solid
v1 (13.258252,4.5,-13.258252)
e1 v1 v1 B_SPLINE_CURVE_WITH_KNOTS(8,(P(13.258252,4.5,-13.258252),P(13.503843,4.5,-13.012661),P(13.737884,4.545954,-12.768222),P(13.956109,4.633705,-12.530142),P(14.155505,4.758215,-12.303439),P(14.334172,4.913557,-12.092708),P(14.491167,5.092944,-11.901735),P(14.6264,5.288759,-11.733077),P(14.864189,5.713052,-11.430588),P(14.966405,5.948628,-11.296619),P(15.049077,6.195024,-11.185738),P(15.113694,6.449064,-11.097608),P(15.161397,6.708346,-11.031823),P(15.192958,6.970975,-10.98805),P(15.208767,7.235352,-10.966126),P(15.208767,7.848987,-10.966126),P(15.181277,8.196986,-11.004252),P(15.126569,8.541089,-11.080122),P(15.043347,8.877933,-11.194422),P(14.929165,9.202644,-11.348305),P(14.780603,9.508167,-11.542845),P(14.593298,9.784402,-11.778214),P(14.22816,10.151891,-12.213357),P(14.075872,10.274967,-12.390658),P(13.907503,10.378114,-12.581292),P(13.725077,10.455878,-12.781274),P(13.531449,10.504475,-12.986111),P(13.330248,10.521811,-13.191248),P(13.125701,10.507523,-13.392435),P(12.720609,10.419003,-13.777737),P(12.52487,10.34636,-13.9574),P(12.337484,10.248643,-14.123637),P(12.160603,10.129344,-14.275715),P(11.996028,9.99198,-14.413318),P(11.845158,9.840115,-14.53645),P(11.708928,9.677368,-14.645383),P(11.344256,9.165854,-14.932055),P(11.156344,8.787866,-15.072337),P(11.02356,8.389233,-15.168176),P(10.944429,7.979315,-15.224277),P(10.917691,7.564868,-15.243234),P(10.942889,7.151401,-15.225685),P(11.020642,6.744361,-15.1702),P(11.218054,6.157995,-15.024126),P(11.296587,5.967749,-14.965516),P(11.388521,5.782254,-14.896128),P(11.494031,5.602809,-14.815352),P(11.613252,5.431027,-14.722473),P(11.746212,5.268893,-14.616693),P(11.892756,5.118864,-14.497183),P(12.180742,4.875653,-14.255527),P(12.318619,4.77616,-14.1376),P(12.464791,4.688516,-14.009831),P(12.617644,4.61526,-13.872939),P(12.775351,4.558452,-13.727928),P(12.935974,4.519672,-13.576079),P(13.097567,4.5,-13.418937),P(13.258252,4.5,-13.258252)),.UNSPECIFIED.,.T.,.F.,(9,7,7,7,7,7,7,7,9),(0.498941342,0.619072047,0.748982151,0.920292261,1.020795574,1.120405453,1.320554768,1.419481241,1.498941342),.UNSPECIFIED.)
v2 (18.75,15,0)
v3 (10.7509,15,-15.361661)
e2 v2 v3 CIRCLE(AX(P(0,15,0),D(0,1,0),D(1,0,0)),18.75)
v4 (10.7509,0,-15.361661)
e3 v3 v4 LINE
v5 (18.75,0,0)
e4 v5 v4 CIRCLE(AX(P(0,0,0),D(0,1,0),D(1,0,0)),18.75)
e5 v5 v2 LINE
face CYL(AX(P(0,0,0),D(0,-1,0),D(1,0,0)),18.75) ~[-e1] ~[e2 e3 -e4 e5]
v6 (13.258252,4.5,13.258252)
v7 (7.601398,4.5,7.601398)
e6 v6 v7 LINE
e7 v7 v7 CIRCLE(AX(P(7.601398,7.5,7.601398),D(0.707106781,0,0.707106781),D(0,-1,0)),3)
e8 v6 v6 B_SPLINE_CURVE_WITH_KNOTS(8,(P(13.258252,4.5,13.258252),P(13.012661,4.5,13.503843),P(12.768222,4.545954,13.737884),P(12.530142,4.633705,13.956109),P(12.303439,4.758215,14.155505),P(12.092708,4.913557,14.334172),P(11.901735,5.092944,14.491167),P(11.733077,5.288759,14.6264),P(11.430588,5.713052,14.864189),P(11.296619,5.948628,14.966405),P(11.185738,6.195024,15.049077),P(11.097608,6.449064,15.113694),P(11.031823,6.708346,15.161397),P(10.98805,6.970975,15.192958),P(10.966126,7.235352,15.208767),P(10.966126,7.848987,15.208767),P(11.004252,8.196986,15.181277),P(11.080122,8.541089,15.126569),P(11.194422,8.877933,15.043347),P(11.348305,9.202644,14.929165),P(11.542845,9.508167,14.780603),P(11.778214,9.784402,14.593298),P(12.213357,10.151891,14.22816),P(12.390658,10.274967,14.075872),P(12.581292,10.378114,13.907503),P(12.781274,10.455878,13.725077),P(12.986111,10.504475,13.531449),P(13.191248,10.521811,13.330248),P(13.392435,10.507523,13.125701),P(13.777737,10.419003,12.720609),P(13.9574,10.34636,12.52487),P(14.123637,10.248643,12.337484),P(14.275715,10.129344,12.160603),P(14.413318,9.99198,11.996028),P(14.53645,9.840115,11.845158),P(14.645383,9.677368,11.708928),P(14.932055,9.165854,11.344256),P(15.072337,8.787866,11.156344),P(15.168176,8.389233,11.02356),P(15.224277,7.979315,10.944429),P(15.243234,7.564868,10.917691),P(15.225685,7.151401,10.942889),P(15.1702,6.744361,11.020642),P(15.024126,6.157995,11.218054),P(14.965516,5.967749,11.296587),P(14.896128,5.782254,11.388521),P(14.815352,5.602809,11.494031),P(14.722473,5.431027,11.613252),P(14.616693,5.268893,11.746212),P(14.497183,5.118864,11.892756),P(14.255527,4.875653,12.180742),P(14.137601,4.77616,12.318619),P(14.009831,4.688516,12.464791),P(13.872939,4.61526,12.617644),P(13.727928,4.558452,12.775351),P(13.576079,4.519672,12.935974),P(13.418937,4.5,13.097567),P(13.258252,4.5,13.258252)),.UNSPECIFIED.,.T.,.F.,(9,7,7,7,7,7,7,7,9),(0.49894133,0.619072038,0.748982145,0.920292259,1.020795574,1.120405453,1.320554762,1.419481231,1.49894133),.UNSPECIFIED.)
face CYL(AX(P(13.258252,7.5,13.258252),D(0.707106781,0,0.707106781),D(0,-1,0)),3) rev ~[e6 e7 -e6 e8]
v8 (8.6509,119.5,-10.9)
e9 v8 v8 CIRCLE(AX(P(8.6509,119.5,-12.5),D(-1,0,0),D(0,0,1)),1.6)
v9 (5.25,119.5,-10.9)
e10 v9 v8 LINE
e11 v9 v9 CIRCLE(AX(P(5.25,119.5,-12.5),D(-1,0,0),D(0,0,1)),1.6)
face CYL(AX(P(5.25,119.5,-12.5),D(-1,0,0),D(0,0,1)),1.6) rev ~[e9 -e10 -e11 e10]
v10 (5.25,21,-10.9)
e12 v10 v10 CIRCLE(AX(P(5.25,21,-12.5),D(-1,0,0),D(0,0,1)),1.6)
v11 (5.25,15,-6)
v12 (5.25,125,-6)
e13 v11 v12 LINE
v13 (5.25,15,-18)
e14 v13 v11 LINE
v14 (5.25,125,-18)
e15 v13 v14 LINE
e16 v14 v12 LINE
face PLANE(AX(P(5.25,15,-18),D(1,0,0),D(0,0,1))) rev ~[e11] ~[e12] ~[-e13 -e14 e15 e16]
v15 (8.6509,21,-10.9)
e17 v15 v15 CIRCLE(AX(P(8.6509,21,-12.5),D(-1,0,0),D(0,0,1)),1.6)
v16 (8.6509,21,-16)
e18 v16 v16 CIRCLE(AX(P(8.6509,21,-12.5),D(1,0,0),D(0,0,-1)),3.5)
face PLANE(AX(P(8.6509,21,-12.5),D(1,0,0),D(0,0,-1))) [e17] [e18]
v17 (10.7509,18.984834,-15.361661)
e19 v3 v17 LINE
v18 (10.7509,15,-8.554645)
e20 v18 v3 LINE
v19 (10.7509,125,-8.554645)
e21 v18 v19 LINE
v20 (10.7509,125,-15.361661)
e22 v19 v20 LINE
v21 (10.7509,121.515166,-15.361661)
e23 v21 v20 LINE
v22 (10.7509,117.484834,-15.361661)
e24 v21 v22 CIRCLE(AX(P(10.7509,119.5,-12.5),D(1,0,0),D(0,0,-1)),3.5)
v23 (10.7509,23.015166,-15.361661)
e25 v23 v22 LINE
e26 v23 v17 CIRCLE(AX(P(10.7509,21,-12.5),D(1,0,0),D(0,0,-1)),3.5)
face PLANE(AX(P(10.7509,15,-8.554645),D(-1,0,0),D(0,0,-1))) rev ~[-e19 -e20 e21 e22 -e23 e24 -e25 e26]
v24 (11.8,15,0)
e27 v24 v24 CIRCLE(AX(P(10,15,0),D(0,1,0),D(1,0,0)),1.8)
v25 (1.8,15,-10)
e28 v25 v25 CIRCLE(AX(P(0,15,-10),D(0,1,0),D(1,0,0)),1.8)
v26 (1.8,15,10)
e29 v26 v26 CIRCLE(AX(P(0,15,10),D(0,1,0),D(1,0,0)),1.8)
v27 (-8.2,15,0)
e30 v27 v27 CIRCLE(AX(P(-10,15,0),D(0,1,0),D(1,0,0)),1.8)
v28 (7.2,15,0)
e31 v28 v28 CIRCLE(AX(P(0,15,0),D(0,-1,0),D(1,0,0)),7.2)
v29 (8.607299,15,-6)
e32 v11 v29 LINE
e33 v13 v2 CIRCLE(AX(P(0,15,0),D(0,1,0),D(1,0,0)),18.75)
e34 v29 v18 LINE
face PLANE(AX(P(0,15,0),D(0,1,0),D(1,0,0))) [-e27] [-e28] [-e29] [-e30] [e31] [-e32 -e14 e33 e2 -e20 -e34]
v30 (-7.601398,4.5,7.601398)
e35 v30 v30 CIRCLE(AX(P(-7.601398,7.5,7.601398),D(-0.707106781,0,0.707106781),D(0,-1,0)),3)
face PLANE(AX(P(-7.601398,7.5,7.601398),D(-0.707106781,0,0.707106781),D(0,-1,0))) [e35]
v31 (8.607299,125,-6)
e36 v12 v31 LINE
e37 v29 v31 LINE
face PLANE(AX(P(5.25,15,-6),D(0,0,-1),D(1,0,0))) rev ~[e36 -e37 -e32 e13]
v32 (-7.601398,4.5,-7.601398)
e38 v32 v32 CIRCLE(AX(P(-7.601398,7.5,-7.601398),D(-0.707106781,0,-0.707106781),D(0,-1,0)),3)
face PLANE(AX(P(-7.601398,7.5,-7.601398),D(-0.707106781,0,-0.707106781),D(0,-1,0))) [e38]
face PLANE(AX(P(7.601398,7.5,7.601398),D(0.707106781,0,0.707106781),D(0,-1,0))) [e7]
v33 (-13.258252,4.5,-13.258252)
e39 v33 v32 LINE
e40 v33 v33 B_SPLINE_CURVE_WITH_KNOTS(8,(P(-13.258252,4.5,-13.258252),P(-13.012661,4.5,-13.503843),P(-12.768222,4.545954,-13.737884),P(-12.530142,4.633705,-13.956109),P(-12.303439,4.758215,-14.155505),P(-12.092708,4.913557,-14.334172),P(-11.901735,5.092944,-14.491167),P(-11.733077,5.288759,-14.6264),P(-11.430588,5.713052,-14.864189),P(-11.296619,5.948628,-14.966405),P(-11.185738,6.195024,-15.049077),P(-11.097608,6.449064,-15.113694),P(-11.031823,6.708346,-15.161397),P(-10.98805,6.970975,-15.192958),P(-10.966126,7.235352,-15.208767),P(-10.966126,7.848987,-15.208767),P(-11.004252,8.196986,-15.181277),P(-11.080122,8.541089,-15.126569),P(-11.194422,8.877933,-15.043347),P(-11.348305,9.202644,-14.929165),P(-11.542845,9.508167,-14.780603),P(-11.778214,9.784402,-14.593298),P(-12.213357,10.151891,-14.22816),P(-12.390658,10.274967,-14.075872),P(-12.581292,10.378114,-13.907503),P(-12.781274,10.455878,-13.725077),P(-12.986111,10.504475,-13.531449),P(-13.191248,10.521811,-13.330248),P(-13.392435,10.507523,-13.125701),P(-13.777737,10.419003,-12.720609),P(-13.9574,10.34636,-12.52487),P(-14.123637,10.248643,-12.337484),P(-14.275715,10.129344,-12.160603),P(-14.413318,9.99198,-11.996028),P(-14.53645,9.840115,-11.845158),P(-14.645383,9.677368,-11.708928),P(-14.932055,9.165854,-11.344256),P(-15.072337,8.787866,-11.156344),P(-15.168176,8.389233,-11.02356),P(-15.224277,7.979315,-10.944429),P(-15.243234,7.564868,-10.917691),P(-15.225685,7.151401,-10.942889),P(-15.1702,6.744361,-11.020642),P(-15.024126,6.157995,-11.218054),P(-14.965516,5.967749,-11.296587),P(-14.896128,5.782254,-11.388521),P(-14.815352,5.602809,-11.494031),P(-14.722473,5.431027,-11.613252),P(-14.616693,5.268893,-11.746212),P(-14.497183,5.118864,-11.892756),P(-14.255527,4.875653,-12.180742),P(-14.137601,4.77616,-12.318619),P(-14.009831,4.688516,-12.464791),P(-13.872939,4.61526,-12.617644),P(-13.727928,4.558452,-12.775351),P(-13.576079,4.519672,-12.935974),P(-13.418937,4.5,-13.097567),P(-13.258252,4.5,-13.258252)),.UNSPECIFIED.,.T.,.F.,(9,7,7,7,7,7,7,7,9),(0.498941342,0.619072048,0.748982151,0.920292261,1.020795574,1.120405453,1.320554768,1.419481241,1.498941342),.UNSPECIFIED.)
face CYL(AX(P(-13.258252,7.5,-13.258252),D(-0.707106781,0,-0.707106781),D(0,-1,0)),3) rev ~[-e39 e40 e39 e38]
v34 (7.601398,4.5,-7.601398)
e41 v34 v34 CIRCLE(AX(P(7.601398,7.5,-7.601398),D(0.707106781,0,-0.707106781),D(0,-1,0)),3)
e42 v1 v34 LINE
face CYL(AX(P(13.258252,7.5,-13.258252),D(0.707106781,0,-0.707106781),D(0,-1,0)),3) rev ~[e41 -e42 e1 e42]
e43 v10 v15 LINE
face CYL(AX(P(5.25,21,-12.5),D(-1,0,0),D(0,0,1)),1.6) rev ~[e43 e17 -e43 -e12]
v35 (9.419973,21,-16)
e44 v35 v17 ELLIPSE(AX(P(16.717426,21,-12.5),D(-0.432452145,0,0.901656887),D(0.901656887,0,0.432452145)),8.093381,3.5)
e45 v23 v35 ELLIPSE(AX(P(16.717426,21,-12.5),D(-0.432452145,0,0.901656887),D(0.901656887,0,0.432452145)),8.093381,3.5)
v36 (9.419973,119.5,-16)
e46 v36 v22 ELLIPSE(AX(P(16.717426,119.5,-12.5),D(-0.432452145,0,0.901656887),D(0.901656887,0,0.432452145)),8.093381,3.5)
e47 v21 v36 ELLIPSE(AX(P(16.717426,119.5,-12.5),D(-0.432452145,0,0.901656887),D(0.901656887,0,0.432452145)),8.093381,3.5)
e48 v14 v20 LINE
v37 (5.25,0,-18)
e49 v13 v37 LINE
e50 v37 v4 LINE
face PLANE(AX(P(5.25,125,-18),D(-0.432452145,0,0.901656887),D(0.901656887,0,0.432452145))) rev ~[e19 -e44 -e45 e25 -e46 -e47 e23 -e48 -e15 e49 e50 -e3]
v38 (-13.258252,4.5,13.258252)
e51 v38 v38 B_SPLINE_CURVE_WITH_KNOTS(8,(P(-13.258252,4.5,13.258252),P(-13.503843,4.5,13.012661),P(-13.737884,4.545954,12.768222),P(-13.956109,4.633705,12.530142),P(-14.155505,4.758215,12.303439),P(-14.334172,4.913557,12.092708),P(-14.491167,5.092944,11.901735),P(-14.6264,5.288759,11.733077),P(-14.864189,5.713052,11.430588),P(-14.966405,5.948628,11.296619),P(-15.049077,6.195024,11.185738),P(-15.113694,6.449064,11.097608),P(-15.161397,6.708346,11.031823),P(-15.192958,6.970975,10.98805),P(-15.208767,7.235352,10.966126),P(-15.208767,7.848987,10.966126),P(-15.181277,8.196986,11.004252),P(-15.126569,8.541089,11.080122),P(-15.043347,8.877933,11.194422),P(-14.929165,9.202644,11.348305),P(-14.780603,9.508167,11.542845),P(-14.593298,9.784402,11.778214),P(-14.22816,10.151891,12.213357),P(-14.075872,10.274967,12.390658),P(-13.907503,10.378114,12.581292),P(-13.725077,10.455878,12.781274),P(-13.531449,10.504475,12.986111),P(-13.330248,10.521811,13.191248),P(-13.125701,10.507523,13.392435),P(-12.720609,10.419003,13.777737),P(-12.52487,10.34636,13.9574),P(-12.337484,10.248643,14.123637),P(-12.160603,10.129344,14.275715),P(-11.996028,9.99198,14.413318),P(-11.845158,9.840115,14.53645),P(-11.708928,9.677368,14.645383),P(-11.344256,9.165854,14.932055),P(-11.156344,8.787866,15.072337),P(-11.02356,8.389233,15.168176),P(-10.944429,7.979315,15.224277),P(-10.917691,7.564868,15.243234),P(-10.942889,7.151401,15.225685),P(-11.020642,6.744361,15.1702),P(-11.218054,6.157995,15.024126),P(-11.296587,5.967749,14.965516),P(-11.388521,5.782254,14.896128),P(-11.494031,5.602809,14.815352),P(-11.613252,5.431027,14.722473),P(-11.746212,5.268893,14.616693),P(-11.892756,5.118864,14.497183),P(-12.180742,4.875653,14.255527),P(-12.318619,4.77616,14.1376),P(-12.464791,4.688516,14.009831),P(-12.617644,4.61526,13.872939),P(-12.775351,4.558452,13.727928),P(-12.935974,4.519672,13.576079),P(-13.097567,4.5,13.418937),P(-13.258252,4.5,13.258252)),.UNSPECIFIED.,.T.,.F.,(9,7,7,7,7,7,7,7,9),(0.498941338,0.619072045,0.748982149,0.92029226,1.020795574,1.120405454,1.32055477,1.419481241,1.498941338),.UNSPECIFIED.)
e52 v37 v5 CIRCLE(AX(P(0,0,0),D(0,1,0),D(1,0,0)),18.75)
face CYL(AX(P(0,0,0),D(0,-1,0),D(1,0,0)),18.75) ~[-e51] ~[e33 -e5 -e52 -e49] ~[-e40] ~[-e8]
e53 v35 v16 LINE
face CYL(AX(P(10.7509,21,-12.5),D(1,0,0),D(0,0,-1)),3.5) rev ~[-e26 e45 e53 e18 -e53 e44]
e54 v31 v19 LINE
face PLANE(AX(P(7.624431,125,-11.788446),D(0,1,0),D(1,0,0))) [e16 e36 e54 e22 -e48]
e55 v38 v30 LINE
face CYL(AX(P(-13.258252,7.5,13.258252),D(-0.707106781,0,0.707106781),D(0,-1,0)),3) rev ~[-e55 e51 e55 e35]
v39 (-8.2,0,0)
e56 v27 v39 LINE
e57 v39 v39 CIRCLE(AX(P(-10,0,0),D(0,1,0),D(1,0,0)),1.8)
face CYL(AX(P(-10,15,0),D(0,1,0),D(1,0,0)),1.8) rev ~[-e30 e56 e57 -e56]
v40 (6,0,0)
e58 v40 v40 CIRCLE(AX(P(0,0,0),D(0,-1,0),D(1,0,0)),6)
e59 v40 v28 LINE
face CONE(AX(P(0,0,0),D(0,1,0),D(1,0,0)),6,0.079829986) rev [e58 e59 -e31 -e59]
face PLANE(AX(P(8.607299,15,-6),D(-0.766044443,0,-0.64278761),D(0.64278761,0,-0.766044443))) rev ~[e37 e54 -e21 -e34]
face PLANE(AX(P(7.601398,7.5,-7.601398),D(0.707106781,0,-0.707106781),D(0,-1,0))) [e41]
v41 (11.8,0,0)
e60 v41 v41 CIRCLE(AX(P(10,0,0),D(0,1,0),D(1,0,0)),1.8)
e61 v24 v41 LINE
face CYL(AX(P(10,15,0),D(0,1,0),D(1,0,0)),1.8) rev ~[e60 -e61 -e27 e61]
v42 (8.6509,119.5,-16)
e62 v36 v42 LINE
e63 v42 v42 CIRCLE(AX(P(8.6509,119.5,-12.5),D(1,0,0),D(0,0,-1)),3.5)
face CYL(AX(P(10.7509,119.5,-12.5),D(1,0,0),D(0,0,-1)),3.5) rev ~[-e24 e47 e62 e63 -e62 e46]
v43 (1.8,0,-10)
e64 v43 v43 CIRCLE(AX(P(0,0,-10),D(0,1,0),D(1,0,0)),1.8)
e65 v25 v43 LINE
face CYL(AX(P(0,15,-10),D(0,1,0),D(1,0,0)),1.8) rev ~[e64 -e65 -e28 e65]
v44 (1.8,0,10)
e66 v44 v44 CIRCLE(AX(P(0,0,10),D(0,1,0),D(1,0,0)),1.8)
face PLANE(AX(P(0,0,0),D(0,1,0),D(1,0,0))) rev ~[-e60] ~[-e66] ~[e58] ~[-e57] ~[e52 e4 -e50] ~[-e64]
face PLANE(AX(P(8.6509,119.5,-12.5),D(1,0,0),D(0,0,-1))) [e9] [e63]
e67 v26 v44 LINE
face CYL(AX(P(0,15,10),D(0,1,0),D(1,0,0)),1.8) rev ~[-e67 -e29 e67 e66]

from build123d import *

# Parameters (mm, degrees)
SKIZZE1_R                        = 18.75
AUFSATZ_LINEAR_AUSTRAGEN1_DEPTH  = 15
SKIZZE2_R                        = 1.8
SKIZZE2_R_2                      = 1.65
SCHNITT_LINEAR_AUSTRAGEN1_DEPTH  = 16
AUFSATZ_LINEAR_AUSTRAGEN2_DEPTH  = 110
SKIZZE10_R                       = 3
SCHNITT_LINEAR_AUSTRAGEN5_DEPTH  = 8
KREISMUSTER1_COUNT               = 4
SKIZZE11_R                       = 1.6
SCHNITT_LINEAR_AUSTRAGEN6_DEPTH  = 14.5000001
SKIZZE16_R                       = 3.5
SCHNITT_LINEAR_AUSTRAGEN10_DEPTH = 2.1
SCHNITT_LINEAR_AUSTRAGEN11_DEPTH = 126.0000001


with BuildPart() as part:
    # Skizze1 → Aufsatz-Linear austragen1 (new body)
    with BuildSketch(Plane(origin=(0, 0, 0), x_dir=(1, 0, 0), z_dir=(0, 1, 0))):
        Circle(SKIZZE1_R)
    extrude(amount=AUFSATZ_LINEAR_AUSTRAGEN1_DEPTH)

    # Skizze2 → Schnitt-Linear austragen1 (cut, through all)
    with BuildSketch(Plane(origin=(0, 15, 0), x_dir=(1, 0, 0), z_dir=(0, 1, 0))):
        with Locations((0, 10)):
            Circle(SKIZZE2_R)
        with Locations((10, 0)):
            Circle(SKIZZE2_R)
        with Locations((0, -10)):
            Circle(SKIZZE2_R)
        with Locations((-10, 0)):
            Circle(SKIZZE2_R)
        Circle(SKIZZE2_R_2)
    extrude(amount=-SCHNITT_LINEAR_AUSTRAGEN1_DEPTH, mode=Mode.SUBTRACT)

    # Skizze4 → Aufsatz-Linear austragen2 (add)
    with BuildSketch(Plane(origin=(0, 15, 0), x_dir=(1, 0, 0), z_dir=(0, 1, 0))):
        with BuildLine():
            Line((5.25, 17), (5.25, 6))
            Line((5.25, 6), (8.607298894, 6))
            Line((8.607298894, 6), (10.750900369, 8.554644759))
            Line((10.750900369, 8.554644759), (10.750900369, 15.361661409))
            ThreePointArc((10.750900369, 15.361661409), (8.108477711, 16.906066639), (5.25, 18))
            Line((5.25, 18), (5.25, 17))
        make_face()
    extrude(amount=AUFSATZ_LINEAR_AUSTRAGEN2_DEPTH)

    # Skizze10 → Schnitt-Linear austragen5 (cut)
    with BuildSketch(Plane(origin=(13.258252147, 0, 13.258252147), x_dir=(0, -1, 0), z_dir=(0.707106781, 0, 0.707106781))):
        with Locations((-7.5, 0)):
            Circle(SKIZZE10_R)
    schnitt_linear_austragen5 = extrude(amount=-SCHNITT_LINEAR_AUSTRAGEN5_DEPTH, mode=Mode.SUBTRACT)

    # Kreismuster1: Schnitt-Linear austragen5 ×4 about axis
    kreismuster1_axis = Axis((0, 0, 0), (0, 1, 0))
    for i in range(1, KREISMUSTER1_COUNT):
        add(schnitt_linear_austragen5.rotate(kreismuster1_axis, i * 360 / KREISMUSTER1_COUNT), mode=Mode.SUBTRACT)

    # Skizze11 → Schnitt-Linear austragen6 (cut, through all)
    with BuildSketch(Plane.ZY.offset(-5.25)):
        with Locations((-12.5, 119.5)):
            Circle(SKIZZE11_R)
        with Locations((-12.5, 21)):
            Circle(SKIZZE11_R)
    extrude(amount=-SCHNITT_LINEAR_AUSTRAGEN6_DEPTH, mode=Mode.SUBTRACT)

    # Skizze16 → Schnitt-Linear austragen10 (cut)
    with BuildSketch(Plane(origin=(10.750900369, 0, 0), x_dir=(0, 0, -1), z_dir=(1, 0, 0))):
        with Locations((12.5, 119.5)):
            Circle(SKIZZE16_R)
        with Locations((12.5, 21)):
            Circle(SKIZZE16_R)
    extrude(amount=-SCHNITT_LINEAR_AUSTRAGEN10_DEPTH, mode=Mode.SUBTRACT)

    # Skizze17 → Schnitt-Linear austragen11 (cut, through all)
    with BuildSketch(Plane(origin=(0, 125, 0), x_dir=(1, 0, 0), z_dir=(0, 1, 0))):
        with BuildLine():
            Line((5.25, 18), (10.750900369, 15.361661409))
            ThreePointArc((10.750900369, 15.361661409), (8.108477711, 16.906066639), (5.25, 18))
        make_face()
    extrude(amount=-SCHNITT_LINEAR_AUSTRAGEN11_DEPTH, mode=Mode.SUBTRACT)

    # Skizze18 → Schnitt-Rotation1 (revolve, cut)
    with BuildSketch(Plane.XY):
        Polygon((0, 0), (6, 0), (7.2, 15), (0, 15), align=None)
    revolve(axis=Axis((0, 15, 0), (0, -1, 0)), mode=Mode.SUBTRACT)


solid = part.part
